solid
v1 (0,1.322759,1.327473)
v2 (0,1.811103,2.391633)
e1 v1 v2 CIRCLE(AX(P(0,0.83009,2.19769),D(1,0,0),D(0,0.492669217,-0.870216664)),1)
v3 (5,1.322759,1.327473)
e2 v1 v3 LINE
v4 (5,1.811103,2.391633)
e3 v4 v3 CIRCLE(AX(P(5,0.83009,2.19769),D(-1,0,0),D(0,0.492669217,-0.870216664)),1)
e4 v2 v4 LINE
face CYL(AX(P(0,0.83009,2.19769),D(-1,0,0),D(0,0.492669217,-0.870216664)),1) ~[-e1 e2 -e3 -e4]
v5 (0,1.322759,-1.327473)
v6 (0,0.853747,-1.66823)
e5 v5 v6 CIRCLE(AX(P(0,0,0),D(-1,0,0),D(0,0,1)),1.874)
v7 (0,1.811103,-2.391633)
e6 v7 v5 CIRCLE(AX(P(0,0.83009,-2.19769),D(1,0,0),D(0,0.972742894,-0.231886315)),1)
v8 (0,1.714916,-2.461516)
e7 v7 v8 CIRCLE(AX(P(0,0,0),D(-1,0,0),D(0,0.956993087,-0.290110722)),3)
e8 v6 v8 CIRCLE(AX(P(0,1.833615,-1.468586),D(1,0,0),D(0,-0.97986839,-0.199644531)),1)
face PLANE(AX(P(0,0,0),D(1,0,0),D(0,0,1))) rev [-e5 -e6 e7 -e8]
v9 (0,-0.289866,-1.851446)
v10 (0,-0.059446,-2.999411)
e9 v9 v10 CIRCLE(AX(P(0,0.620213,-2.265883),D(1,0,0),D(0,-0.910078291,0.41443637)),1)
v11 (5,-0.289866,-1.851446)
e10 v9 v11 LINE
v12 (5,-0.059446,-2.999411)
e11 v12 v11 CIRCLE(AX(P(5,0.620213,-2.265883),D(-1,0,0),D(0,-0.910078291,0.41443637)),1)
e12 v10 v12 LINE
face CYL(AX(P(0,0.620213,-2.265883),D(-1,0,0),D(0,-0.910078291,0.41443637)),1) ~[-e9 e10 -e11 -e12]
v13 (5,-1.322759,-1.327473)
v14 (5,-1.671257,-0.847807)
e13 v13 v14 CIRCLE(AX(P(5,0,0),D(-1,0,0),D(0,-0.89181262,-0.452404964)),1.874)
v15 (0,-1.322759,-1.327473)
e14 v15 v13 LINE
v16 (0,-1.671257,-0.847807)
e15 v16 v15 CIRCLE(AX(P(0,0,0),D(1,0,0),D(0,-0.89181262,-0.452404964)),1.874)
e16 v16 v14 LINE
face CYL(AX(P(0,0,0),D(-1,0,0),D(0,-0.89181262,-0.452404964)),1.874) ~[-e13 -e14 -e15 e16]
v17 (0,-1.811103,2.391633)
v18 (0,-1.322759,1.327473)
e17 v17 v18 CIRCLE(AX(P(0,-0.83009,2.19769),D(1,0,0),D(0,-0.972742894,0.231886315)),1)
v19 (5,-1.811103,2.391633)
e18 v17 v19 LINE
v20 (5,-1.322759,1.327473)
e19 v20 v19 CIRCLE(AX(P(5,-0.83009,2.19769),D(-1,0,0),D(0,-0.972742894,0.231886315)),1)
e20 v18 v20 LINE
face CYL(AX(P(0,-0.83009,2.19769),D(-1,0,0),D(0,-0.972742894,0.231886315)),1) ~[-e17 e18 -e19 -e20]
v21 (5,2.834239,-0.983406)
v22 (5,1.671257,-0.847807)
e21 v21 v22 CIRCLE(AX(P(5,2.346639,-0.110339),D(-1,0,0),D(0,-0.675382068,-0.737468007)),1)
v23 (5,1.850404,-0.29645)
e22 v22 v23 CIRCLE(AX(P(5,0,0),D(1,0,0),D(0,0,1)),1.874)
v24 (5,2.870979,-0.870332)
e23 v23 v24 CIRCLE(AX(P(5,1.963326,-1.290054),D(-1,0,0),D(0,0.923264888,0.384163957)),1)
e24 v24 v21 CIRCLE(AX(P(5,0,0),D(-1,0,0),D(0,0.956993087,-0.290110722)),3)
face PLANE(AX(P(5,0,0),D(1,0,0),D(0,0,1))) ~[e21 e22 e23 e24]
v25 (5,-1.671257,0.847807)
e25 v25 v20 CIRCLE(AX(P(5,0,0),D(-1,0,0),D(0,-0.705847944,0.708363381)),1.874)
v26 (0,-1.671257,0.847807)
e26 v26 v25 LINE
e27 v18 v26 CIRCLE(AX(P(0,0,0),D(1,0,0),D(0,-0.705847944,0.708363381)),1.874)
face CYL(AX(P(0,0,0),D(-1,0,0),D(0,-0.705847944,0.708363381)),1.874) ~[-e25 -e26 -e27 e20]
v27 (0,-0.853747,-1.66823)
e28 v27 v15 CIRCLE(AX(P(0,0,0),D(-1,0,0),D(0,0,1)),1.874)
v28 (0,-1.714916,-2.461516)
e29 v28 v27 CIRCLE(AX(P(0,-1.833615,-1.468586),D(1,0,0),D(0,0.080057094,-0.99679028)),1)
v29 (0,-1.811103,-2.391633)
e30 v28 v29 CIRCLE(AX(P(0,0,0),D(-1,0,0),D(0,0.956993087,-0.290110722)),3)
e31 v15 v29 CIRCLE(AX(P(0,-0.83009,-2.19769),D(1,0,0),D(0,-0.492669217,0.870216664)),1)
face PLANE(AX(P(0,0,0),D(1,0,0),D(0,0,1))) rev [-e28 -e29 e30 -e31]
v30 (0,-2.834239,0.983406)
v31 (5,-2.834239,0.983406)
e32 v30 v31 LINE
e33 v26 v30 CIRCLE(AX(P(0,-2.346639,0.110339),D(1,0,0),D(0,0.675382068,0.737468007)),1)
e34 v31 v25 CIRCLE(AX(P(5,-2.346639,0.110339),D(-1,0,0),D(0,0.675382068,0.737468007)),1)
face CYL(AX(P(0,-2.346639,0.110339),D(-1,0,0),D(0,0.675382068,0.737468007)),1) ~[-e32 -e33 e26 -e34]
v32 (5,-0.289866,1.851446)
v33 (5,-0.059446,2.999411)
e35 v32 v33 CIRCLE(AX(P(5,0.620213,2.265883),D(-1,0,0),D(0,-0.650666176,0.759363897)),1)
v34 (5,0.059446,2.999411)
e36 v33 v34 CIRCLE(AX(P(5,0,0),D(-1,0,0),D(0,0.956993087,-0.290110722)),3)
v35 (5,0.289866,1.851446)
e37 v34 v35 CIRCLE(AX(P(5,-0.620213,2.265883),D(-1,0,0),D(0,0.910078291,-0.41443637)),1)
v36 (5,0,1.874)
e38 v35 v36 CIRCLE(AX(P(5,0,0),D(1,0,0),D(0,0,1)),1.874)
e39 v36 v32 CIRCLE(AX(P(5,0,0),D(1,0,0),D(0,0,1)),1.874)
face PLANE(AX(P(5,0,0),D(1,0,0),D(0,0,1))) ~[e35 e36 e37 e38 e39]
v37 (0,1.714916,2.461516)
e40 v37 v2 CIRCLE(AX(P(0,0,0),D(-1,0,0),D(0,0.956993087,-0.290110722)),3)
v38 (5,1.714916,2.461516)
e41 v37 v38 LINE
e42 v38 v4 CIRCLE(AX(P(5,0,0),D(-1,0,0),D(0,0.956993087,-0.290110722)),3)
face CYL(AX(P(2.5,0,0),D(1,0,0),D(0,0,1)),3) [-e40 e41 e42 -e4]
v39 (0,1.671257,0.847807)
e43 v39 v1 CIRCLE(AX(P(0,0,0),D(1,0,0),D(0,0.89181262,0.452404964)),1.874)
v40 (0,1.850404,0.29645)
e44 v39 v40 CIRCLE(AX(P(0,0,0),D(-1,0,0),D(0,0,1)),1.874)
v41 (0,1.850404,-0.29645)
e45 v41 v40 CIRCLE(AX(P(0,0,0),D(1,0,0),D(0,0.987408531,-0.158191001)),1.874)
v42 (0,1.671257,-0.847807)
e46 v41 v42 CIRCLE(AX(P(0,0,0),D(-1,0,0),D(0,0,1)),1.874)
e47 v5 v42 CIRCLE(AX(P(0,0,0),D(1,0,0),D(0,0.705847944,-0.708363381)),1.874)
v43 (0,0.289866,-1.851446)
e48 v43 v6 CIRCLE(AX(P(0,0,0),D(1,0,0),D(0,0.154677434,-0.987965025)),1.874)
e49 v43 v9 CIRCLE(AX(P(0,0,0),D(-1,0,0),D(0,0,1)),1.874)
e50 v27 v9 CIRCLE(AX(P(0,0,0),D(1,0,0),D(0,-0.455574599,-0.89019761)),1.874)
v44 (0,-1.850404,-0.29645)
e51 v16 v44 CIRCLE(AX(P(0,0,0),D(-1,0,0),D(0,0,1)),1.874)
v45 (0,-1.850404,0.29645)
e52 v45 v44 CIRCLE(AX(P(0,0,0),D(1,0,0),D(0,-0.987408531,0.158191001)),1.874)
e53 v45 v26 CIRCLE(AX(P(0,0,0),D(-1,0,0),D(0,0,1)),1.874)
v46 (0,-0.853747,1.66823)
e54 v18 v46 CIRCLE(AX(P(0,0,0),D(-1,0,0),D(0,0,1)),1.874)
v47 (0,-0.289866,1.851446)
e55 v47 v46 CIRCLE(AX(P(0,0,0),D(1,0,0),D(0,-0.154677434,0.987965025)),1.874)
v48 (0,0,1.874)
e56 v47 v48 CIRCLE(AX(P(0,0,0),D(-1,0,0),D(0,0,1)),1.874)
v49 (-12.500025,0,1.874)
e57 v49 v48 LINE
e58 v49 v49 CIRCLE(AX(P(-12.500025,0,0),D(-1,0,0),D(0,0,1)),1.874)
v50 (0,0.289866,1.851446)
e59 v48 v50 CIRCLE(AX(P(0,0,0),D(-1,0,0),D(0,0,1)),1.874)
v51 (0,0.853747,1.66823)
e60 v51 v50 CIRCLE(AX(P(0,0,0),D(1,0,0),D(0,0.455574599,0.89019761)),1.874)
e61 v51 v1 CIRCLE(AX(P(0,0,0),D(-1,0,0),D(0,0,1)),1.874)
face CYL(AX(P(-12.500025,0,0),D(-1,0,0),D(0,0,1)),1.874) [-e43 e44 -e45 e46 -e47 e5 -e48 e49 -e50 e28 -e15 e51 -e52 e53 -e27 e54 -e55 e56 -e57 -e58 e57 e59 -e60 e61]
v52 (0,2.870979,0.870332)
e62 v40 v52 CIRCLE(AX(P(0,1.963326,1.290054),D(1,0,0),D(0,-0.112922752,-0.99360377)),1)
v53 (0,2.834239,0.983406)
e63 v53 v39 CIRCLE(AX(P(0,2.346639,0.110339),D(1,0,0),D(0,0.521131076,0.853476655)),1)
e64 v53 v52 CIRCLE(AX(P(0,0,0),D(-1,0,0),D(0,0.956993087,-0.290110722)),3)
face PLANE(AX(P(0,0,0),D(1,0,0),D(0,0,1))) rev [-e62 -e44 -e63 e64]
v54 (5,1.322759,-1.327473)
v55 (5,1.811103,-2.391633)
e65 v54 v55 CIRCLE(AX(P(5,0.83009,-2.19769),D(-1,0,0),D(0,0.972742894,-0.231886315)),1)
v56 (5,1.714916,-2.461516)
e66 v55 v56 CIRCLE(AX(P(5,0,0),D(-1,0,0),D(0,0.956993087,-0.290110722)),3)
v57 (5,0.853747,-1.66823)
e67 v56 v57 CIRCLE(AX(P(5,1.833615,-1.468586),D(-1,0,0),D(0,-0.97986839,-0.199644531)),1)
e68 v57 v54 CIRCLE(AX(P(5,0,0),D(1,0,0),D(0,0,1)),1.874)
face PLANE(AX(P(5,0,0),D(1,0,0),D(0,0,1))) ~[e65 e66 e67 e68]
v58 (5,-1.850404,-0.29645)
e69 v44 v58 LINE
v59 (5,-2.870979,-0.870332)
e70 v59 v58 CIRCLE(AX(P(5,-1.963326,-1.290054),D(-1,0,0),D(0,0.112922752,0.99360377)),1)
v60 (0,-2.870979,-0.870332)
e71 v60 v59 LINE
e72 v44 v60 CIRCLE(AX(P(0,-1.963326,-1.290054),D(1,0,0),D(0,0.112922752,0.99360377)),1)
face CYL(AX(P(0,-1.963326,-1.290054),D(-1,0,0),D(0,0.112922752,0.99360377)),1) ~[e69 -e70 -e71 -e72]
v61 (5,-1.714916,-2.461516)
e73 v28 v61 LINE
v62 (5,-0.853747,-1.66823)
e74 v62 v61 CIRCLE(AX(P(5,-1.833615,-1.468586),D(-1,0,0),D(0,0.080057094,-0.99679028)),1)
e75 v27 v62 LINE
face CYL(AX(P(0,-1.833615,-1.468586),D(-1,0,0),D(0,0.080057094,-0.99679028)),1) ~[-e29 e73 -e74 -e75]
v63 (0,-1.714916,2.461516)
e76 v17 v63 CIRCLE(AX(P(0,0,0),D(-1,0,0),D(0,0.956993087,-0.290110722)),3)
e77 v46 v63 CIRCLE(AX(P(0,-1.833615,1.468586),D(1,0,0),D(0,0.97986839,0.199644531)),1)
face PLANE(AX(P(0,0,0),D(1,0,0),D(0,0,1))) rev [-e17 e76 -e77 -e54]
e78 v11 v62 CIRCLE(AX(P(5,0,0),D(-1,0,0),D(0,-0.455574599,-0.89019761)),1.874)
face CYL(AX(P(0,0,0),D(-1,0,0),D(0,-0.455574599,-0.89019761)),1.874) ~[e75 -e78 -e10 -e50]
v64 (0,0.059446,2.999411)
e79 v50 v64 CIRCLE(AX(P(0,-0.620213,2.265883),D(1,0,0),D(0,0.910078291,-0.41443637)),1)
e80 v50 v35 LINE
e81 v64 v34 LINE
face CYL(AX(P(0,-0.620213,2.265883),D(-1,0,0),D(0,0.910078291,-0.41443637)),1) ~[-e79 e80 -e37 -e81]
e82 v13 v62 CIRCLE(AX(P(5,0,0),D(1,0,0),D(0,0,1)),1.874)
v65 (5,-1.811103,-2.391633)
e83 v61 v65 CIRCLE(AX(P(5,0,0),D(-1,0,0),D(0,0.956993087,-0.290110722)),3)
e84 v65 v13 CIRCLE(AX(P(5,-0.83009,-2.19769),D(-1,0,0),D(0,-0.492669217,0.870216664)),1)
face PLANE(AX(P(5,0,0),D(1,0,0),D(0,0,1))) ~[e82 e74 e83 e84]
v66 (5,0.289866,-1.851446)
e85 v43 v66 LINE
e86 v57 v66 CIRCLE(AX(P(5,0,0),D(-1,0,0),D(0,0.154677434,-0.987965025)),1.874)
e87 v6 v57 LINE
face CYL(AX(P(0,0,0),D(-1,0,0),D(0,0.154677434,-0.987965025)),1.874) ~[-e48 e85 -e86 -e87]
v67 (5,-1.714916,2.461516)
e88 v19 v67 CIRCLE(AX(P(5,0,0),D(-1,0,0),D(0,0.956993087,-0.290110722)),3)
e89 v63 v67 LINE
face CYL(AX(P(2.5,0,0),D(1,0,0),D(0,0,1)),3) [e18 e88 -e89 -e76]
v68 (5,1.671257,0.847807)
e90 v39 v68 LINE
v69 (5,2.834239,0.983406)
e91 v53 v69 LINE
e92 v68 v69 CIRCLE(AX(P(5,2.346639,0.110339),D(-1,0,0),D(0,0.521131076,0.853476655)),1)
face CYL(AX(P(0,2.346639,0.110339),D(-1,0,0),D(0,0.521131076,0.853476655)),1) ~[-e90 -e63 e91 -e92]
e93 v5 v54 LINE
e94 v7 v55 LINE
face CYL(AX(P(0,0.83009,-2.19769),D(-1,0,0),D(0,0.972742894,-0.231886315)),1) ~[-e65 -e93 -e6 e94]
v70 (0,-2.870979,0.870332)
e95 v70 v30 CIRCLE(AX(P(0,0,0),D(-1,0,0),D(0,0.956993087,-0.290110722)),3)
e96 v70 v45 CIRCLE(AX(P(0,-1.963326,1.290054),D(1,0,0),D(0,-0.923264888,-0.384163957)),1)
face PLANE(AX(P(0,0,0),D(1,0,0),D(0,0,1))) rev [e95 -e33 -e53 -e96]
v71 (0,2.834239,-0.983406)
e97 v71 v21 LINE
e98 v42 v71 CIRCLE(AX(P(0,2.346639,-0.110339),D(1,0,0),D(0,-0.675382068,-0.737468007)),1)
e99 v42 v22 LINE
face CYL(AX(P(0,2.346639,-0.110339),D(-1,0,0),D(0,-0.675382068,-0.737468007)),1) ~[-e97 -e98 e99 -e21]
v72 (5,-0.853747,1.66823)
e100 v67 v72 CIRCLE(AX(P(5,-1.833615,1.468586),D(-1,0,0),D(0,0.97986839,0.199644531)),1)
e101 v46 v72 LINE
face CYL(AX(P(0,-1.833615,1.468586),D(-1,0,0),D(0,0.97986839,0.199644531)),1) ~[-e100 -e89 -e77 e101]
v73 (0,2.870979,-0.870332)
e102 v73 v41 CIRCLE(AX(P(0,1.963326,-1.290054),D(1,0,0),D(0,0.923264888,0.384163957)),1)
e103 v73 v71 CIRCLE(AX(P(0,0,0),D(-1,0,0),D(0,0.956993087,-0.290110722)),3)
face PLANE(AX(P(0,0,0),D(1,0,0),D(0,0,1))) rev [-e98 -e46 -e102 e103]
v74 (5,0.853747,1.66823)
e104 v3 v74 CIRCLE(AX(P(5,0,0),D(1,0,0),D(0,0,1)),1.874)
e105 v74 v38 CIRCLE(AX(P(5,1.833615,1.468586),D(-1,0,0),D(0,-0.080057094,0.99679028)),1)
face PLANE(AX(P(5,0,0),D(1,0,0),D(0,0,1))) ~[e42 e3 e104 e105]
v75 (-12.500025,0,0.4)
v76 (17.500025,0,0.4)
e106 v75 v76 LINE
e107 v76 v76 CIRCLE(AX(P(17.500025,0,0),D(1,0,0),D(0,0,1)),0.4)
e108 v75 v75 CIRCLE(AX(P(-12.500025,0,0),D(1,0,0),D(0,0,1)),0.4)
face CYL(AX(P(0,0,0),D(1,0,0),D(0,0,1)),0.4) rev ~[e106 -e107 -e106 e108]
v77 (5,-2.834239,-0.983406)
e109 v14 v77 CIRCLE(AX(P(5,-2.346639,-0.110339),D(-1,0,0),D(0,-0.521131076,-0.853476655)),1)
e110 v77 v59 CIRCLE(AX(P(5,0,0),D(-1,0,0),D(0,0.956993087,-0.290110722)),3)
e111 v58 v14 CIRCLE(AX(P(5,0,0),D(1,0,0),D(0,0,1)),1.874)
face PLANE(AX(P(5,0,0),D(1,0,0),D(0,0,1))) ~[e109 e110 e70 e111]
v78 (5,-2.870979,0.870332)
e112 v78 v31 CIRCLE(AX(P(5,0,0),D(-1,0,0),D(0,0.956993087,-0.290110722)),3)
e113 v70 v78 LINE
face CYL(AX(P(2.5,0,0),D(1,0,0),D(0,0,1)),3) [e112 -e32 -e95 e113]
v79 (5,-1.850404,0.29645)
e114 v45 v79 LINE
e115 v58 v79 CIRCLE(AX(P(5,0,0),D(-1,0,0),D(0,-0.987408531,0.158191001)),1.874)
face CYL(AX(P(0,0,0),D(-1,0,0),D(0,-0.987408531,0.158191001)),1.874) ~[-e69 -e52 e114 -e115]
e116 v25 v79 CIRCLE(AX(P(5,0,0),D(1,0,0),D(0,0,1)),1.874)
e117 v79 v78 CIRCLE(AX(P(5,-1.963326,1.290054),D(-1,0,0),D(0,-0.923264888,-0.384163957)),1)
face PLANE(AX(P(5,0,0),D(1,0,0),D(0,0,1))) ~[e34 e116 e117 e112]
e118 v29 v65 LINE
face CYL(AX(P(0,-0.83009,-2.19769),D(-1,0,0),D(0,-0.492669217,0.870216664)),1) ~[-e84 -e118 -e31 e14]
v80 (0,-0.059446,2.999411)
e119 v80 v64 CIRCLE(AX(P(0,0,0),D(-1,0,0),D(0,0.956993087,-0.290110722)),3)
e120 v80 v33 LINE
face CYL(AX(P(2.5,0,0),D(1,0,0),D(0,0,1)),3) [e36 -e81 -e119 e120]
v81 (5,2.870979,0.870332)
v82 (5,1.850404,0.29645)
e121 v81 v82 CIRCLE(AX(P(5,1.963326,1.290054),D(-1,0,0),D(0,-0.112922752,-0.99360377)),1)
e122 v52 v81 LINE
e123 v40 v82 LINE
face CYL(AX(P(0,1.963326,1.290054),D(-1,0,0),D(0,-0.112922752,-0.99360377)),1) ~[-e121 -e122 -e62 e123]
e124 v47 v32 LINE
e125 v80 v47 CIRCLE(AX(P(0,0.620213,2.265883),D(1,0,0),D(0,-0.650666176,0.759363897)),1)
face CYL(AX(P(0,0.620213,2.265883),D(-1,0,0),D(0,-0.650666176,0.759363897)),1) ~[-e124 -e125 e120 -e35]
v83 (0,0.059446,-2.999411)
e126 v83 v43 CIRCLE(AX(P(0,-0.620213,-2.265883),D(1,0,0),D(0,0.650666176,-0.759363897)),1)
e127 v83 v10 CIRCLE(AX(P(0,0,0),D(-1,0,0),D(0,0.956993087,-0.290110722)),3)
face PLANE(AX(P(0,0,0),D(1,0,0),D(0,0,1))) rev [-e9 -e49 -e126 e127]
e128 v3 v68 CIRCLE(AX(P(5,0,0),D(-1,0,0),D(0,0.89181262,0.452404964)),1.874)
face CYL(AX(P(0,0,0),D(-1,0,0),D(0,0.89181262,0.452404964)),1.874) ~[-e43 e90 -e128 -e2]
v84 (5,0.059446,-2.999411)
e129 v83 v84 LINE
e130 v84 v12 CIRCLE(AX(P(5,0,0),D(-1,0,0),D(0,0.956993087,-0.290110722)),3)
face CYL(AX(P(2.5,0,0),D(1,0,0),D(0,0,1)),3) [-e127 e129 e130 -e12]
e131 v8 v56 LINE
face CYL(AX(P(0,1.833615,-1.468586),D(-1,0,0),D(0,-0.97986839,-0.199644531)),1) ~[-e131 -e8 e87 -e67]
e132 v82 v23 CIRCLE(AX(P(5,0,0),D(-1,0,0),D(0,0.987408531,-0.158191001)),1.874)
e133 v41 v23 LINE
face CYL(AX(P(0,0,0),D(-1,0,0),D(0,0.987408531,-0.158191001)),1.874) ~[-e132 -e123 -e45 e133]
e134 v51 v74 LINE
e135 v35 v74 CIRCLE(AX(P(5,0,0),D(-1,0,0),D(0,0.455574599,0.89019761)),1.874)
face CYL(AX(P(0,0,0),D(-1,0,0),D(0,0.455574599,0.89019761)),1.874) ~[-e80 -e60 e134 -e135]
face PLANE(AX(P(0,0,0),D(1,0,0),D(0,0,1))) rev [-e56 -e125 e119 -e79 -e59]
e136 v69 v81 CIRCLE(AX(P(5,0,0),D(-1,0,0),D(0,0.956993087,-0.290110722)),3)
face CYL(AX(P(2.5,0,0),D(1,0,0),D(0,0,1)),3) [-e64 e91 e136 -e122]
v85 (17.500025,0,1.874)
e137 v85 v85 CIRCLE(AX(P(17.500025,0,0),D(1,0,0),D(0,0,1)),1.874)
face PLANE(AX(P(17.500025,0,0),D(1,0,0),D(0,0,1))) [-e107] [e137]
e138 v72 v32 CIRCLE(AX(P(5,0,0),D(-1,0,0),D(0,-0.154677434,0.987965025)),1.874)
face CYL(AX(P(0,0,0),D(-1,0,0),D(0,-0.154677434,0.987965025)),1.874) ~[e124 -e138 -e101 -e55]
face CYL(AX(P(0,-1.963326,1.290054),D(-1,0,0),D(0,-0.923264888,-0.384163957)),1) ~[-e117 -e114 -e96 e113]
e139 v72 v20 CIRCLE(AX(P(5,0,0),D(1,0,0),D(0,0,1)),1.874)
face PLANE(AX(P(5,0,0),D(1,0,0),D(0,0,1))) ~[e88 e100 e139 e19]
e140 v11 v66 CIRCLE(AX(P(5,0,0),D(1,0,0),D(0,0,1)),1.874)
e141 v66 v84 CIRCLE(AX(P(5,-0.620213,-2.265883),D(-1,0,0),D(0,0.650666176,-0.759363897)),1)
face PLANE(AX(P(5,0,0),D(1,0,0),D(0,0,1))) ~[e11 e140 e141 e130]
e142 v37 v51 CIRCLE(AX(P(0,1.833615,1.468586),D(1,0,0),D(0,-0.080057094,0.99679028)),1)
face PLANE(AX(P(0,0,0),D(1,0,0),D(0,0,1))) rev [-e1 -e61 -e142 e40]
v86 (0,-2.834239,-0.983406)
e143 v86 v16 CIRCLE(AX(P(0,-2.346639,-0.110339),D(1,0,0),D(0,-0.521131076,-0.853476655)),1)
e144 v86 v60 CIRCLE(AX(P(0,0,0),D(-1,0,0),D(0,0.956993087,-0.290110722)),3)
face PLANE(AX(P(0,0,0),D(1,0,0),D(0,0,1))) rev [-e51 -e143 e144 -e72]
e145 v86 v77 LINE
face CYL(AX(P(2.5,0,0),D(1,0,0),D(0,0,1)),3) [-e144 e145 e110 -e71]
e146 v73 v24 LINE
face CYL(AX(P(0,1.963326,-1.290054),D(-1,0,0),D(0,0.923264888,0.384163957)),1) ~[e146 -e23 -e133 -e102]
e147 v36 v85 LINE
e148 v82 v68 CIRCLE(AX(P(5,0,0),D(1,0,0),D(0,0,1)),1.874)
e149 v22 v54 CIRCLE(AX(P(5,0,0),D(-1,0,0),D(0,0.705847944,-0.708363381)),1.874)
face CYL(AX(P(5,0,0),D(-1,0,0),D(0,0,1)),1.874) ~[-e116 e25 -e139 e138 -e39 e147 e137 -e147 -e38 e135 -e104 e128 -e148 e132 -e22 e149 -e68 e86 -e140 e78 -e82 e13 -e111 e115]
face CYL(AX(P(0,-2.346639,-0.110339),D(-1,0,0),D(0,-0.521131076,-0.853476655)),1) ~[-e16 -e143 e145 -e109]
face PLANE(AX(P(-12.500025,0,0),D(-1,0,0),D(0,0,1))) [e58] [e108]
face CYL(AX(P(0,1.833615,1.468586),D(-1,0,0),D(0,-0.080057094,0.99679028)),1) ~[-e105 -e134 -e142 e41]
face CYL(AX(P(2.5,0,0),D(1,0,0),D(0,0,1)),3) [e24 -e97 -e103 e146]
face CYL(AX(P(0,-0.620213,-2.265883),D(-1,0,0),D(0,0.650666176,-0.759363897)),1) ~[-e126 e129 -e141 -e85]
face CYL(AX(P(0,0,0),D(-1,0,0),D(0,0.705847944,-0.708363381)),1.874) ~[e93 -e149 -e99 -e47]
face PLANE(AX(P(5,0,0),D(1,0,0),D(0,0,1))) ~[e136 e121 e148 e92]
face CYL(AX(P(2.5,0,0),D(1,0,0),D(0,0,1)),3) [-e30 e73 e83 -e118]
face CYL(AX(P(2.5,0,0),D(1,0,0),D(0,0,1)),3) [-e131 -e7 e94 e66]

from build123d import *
from build123d.topology import SkipClean

# Parameters (mm, degrees)
BASPROSKE_W       = 5
BASPROSKE_H       = 3
TOOTHCUT_DEPTH    = 7.557438524
TEETHCUTS_COUNT   = 10
TEETHCUTS_ANGLE   = 324
HUBNEARBOTH_START = 12.5000254
HUBNEABOTSKE_R    = 1.874
HUBNEARBOTH_DEPTH = 12.5000254
HUBFARSKE_R       = 1.874
HUBFAR_DEPTH      = 12.5000254
BORSKE_R          = 0.4
BORE_DEPTH        = 30.0000508


with BuildPart() as part:
    # BasProSke → Base-Revolve (revolve)
    with BuildSketch(Plane(origin=(0, 0, 0), x_dir=(1, 0, 0), z_dir=(0, 1, 0)), mode=Mode.PRIVATE) as base_revolve_sk:
        with Locations((2.5, 1.5)):
            Rectangle(BASPROSKE_W, BASPROSKE_H)
    revolve(base_revolve_sk.sketch.rotate(Axis((-10, 0, 0), (1, 0, 0)), 180), axis=Axis((-10, 0, 0), (1, 0, 0)))

    # TooCutSke → ToothCut (cut, through all)
    with BuildSketch(Plane(origin=(0, 0, 0), x_dir=(0, 0, -1), z_dir=(1, 0, 0))):
        with BuildLine():
            ThreePointArc((0.296449938, 1.850403587), (0, 1.874), (-0.296449938, 1.850403587))
            ThreePointArc((-0.296449938, 1.850403587), (-0.428089565, 2.470295585), (-0.905889751, 2.886591228))
            ThreePointArc((-0.905889751, 2.886591228), (0, 3.0254), (0.905889751, 2.886591228))
            ThreePointArc((0.905889751, 2.886591228), (0.428089565, 2.470295585), (0.296449938, 1.850403587))
        make_face()
    toothcut = extrude(amount=TOOTHCUT_DEPTH, mode=Mode.SUBTRACT)

    # TeethCuts: ToothCut ×10 about axis
    teethcuts_axis = Axis((-10, 0, 0), (1, 0, 0))
    for i in range(1, TEETHCUTS_COUNT):
        add(toothcut.rotate(teethcuts_axis, i * TEETHCUTS_ANGLE / (TEETHCUTS_COUNT - 1)), mode=Mode.SUBTRACT)

    # HubNeaBotSke → HubNearBoth (add)
    with SkipClean():  # the faces are left unmerged after this step: merging them gives an invalid solid
        with BuildSketch(Plane.ZY.offset(HUBNEARBOTH_START)):
            Circle(HUBNEABOTSKE_R)
        extrude(amount=-HUBNEARBOTH_DEPTH)

    # HubFarSke → HubFar (add)
    with SkipClean():  # the faces are left unmerged after this step: merging them gives an invalid solid
        with BuildSketch(Plane(origin=(5, 0, 0), x_dir=(0, 0, -1), z_dir=(1, 0, 0))):
            with Locations(Location((0, 0, 0), (0, 0, 180))):
                Circle(HUBFARSKE_R)
        extrude(amount=HUBFAR_DEPTH)

    # BorSke → Bore (cut, symmetric)
    with SkipClean():  # the faces are left unmerged after this step: merging them gives an invalid solid
        with BuildSketch(Plane(origin=(0, 0, 0), x_dir=(0, 0, -1), z_dir=(1, 0, 0))):
            with Locations(Location((0, 0, 0), (0, 0, 180))):
                Circle(BORSKE_R)
        extrude(amount=BORE_DEPTH, both=True, mode=Mode.SUBTRACT)


solid = part.part
